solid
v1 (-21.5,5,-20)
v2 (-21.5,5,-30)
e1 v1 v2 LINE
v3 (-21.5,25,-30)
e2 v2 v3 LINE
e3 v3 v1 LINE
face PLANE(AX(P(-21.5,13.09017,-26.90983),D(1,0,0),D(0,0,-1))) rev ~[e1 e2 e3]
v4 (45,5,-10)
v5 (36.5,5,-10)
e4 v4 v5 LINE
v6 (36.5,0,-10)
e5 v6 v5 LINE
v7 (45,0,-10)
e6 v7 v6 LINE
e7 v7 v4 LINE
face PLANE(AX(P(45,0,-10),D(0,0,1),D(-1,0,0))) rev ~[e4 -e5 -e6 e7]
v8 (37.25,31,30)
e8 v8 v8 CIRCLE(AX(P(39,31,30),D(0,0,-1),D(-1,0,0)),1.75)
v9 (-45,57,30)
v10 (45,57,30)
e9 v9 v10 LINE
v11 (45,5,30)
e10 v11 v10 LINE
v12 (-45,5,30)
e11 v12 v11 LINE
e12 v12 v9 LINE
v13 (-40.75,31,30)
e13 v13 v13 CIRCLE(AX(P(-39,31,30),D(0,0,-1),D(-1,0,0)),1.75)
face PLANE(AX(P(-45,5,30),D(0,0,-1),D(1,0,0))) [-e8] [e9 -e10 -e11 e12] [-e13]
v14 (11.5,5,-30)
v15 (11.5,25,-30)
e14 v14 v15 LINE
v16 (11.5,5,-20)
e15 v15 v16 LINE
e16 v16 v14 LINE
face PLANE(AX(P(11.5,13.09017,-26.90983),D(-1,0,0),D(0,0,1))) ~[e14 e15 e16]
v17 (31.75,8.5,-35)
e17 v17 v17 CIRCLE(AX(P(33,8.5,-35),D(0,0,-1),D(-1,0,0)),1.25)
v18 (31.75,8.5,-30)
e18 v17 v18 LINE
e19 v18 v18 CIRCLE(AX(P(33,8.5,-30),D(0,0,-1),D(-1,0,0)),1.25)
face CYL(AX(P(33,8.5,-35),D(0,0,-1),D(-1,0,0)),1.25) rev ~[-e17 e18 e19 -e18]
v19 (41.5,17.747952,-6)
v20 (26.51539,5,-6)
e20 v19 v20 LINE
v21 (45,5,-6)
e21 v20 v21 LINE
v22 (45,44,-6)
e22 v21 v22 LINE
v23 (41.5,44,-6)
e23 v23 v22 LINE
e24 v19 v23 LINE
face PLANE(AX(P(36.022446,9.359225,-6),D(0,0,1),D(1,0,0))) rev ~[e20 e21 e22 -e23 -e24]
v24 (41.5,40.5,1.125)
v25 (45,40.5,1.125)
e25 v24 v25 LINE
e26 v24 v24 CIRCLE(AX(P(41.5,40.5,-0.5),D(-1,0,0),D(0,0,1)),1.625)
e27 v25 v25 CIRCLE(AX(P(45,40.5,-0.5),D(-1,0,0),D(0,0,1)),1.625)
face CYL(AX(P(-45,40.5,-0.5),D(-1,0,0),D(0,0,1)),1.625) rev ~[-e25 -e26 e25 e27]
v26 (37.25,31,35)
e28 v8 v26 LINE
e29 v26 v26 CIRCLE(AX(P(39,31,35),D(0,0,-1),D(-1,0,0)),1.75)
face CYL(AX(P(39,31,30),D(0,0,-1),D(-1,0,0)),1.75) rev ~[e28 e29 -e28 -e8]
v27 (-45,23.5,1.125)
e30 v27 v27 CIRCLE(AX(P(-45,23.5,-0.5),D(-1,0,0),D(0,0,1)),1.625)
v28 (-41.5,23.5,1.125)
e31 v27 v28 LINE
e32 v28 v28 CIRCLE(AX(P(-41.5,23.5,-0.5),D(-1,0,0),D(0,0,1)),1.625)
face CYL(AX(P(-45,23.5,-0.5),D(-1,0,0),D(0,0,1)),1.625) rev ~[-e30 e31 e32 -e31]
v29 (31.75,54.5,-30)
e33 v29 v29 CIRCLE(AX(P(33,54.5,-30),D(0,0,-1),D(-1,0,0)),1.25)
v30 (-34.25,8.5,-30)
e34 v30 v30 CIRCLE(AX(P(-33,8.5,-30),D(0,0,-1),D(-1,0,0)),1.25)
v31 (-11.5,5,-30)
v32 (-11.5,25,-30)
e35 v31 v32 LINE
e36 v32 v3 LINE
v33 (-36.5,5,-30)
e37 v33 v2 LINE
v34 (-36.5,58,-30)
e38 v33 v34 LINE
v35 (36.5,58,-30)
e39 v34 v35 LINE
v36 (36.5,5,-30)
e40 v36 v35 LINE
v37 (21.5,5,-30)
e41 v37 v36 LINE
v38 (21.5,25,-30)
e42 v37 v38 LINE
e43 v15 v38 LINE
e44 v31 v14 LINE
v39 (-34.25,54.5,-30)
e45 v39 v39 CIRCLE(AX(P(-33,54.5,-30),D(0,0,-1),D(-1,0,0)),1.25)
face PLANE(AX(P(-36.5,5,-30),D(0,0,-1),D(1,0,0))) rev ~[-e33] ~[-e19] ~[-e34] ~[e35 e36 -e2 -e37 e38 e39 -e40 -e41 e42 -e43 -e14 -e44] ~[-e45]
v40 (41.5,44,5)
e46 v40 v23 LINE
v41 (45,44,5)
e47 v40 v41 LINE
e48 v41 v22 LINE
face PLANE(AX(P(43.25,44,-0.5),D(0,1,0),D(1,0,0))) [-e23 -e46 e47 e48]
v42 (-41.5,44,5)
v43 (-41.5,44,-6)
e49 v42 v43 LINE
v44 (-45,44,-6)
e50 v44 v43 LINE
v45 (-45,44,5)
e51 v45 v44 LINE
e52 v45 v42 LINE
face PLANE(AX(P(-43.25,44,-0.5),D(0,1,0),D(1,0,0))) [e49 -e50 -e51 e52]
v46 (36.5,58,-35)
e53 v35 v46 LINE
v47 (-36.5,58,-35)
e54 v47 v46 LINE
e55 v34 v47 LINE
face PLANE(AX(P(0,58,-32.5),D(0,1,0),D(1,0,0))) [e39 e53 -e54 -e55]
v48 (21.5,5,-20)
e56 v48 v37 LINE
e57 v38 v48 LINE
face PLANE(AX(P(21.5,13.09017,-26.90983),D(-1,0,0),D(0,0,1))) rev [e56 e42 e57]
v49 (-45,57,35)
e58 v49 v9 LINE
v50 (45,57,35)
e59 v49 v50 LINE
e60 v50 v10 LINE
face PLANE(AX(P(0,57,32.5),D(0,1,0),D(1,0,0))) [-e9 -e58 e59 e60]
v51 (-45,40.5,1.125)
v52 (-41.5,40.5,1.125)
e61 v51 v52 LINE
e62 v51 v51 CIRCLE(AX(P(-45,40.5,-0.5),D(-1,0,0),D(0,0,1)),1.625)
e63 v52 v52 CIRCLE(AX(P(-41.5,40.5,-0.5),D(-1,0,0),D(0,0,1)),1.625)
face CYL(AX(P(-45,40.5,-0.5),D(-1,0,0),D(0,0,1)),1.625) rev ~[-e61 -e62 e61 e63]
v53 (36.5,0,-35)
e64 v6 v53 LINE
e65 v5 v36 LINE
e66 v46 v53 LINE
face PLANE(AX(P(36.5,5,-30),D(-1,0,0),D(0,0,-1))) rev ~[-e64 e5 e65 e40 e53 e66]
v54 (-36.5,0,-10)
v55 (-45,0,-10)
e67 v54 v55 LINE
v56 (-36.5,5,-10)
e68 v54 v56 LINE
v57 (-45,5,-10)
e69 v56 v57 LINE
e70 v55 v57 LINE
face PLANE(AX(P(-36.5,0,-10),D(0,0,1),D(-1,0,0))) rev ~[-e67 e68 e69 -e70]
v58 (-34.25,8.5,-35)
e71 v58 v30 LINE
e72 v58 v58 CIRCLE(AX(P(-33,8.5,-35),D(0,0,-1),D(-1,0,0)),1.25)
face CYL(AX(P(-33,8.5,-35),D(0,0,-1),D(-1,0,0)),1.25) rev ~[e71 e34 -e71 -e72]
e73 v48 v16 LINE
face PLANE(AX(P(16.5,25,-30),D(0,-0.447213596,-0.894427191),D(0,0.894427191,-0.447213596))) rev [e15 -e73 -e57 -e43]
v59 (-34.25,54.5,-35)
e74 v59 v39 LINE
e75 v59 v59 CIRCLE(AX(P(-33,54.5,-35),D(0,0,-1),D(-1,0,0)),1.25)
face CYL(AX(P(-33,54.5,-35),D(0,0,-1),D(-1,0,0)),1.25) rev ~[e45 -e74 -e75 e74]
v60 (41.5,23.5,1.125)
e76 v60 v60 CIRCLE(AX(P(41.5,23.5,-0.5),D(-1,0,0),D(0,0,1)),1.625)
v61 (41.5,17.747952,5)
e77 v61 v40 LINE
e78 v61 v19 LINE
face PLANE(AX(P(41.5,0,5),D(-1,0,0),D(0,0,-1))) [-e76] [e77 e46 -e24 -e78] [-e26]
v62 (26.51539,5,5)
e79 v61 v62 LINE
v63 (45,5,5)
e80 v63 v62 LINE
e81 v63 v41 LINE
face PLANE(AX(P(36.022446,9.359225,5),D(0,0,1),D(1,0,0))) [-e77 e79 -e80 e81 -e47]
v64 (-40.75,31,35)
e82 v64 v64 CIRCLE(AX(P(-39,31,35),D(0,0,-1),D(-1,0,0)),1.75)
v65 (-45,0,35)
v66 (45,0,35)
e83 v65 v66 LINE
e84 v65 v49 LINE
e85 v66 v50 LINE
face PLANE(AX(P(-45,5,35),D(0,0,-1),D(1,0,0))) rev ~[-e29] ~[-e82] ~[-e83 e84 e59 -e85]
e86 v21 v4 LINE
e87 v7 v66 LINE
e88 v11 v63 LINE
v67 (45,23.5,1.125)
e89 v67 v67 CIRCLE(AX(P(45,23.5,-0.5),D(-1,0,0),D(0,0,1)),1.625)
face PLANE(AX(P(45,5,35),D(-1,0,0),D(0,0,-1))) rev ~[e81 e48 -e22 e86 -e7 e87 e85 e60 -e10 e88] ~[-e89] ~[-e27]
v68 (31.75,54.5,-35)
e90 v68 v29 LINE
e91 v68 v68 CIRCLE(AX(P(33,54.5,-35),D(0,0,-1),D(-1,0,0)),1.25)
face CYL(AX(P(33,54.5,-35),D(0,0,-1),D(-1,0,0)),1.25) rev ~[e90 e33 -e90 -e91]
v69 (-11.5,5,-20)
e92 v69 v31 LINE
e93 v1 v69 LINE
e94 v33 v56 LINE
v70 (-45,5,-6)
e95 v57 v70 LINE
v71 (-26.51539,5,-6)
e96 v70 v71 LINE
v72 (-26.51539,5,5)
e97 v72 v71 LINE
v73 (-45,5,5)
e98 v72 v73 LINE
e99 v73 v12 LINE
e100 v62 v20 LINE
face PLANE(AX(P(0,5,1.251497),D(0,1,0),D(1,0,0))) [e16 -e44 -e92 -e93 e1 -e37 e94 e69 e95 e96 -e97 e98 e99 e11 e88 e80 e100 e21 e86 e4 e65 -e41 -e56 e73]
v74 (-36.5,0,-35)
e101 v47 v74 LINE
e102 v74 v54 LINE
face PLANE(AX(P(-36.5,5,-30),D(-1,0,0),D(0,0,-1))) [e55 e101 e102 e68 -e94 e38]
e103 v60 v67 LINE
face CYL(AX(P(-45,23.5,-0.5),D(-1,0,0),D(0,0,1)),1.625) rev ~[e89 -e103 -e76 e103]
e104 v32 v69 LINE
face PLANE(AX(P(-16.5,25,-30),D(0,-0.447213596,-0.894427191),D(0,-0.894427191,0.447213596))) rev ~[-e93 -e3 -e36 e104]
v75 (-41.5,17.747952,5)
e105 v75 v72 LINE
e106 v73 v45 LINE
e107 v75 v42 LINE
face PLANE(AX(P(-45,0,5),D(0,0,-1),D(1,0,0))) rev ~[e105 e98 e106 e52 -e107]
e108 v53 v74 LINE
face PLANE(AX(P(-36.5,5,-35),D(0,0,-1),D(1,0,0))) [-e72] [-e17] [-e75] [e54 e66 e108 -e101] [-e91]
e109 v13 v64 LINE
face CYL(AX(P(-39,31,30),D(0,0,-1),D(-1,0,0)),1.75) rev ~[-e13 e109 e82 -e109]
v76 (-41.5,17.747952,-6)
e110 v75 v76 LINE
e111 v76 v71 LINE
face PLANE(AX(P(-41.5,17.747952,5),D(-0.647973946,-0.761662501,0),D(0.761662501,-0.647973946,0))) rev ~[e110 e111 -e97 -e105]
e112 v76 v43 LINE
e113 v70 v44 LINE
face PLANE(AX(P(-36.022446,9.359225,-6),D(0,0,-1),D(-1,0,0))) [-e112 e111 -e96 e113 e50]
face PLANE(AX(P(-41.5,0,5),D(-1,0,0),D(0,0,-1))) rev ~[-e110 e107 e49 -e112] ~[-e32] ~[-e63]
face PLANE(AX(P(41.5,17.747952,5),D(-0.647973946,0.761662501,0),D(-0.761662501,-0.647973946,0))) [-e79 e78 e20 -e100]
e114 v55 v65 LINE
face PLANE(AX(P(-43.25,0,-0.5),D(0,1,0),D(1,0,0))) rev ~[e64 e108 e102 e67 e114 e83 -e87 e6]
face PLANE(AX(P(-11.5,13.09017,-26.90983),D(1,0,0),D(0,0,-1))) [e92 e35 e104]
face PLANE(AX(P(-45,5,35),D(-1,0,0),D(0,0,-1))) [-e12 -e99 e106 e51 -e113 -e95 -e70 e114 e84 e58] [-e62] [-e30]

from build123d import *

# Parameters (mm, degrees)
ESTRUSIONE_ESTRUSIONE1_DEPTH = 5
SCHIZZO2_W                   = 73
SCHIZZO2_H                   = 5
ESTRUSIONE_ESTRUSIONE2_DEPTH = 53
SCHIZZO4_R                   = 1.25
TAGLIO_ESTRUSIONE1_DEPTH     = 10
SCHIZZO1_3_W                 = 3.5
SCHIZZO1_3_H                 = 11
ESTRUSIONE_ESTRUSIONE3_DEPTH = 44
SCHIZZO5_R                   = 1.625
TAGLIO_ESTRUSIONE2_DEPTH     = 113.645461515
SCHIZZO2_3_W                 = 90
SCHIZZO2_3_H                 = 5
ESTRUSIONE_ESTRUSIONE4_DEPTH = 52
SCHIZZO8_R                   = 1.75
TAGLIO_ESTRUSIONE3_DEPTH     = 99.051007134
ESTRUSIONE_ESTRUSIONE5_DEPTH = 11
ESTRUSIONE_ESTRUSIONE6_DEPTH = 5


with BuildPart() as part:
    # Schizzo1 → Estrusione-Estrusione1 (new body)
    with BuildSketch(Plane(origin=(0, 0, 0), x_dir=(1, 0, 0), z_dir=(0, 1, 0))):
        Polygon((45, 10), (36.5, 10), (36.5, 35), (-36.5, 35), (-36.5, 10), (-45, 10), (-45, 6), (-41.5, 6), (-41.5, -5), (-45, -5), (-45, -35), (45, -35), (45, -5), (41.5, -5), (41.5, 6), (45, 6), align=None)
    extrude(amount=ESTRUSIONE_ESTRUSIONE1_DEPTH)

    # Schizzo2 → Estrusione-Estrusione2 (add)
    with BuildSketch(Plane(origin=(0, 5, 0), x_dir=(1, 0, 0), z_dir=(0, 1, 0))):
        with Locations((0, 32.5)):
            Rectangle(SCHIZZO2_W, SCHIZZO2_H)
    extrude(amount=ESTRUSIONE_ESTRUSIONE2_DEPTH)

    # Schizzo4 → Taglio-Estrusione1 (cut)
    with BuildSketch(Plane(origin=(0, 0, -35), x_dir=(-1, 0, 0), z_dir=(0, 0, -1))):
        with Locations((-33, 54.5)):
            Circle(SCHIZZO4_R)
        with Locations((33, 54.5)):
            Circle(SCHIZZO4_R)
        with Locations((33, 8.5)):
            Circle(SCHIZZO4_R)
        with Locations((-33, 8.5)):
            Circle(SCHIZZO4_R)
    extrude(amount=-TAGLIO_ESTRUSIONE1_DEPTH, mode=Mode.SUBTRACT)

    # Schizzo1<3> → Estrusione-Estrusione3 (add)
    with BuildSketch(Plane(origin=(0, 0, 0), x_dir=(1, 0, 0), z_dir=(0, 1, 0))):
        with Locations((43.25, 0.5)):
            Rectangle(SCHIZZO1_3_W, SCHIZZO1_3_H)
        with Locations((-43.25, 0.5)):
            Rectangle(SCHIZZO1_3_W, SCHIZZO1_3_H)
    extrude(amount=ESTRUSIONE_ESTRUSIONE3_DEPTH)

    # Schizzo5 → Taglio-Estrusione2 (cut, through all)
    with BuildSketch(Plane.ZY.offset(45)):
        with Locations((-0.5, 40.5)):
            Circle(SCHIZZO5_R)
        with Locations((-0.5, 23.5)):
            Circle(SCHIZZO5_R)
    extrude(amount=-TAGLIO_ESTRUSIONE2_DEPTH, mode=Mode.SUBTRACT)

    # Schizzo2<3> → Estrusione-Estrusione4 (add)
    with BuildSketch(Plane(origin=(0, 5, 0), x_dir=(1, 0, 0), z_dir=(0, 1, 0))):
        with Locations((0, -32.5)):
            Rectangle(SCHIZZO2_3_W, SCHIZZO2_3_H)
    extrude(amount=ESTRUSIONE_ESTRUSIONE4_DEPTH)

    # Schizzo8 → Taglio-Estrusione3 (cut, through all)
    with BuildSketch(Plane(origin=(0, 0, 30), x_dir=(-1, 0, 0), z_dir=(0, 0, -1))):
        with Locations((-39, 31)):
            Circle(SCHIZZO8_R)
        with Locations((39, 31)):
            Circle(SCHIZZO8_R)
    extrude(amount=-TAGLIO_ESTRUSIONE3_DEPTH, mode=Mode.SUBTRACT)

    # Schizzo11 → Estrusione-Estrusione5 (add)
    with BuildSketch(Plane.XY.offset(5)):
        Polygon((-41.5, 17.747952022), (-41.5, 5), (-26.515389788, 5), align=None)
        Polygon((41.5, 5), (41.5, 17.747952022), (26.515389788, 5), align=None)
    extrude(amount=-ESTRUSIONE_ESTRUSIONE5_DEPTH)

    # Schizzo13 → Estrusione-Estrusione6 (add, symmetric)
    with BuildSketch(Plane.ZY.offset(16.5)):
        Polygon((-30, 25), (-20, 5), (-30, 5), align=None)
    estrusione_estrusione6 = extrude(amount=ESTRUSIONE_ESTRUSIONE6_DEPTH, both=True)

    # Specchia1: Estrusione-Estrusione6 across plane
    add(estrusione_estrusione6.mirror(Plane(origin=(0, 0, 0), x_dir=(0, 0, 1), z_dir=(1, 0, 0))))


solid = part.part
